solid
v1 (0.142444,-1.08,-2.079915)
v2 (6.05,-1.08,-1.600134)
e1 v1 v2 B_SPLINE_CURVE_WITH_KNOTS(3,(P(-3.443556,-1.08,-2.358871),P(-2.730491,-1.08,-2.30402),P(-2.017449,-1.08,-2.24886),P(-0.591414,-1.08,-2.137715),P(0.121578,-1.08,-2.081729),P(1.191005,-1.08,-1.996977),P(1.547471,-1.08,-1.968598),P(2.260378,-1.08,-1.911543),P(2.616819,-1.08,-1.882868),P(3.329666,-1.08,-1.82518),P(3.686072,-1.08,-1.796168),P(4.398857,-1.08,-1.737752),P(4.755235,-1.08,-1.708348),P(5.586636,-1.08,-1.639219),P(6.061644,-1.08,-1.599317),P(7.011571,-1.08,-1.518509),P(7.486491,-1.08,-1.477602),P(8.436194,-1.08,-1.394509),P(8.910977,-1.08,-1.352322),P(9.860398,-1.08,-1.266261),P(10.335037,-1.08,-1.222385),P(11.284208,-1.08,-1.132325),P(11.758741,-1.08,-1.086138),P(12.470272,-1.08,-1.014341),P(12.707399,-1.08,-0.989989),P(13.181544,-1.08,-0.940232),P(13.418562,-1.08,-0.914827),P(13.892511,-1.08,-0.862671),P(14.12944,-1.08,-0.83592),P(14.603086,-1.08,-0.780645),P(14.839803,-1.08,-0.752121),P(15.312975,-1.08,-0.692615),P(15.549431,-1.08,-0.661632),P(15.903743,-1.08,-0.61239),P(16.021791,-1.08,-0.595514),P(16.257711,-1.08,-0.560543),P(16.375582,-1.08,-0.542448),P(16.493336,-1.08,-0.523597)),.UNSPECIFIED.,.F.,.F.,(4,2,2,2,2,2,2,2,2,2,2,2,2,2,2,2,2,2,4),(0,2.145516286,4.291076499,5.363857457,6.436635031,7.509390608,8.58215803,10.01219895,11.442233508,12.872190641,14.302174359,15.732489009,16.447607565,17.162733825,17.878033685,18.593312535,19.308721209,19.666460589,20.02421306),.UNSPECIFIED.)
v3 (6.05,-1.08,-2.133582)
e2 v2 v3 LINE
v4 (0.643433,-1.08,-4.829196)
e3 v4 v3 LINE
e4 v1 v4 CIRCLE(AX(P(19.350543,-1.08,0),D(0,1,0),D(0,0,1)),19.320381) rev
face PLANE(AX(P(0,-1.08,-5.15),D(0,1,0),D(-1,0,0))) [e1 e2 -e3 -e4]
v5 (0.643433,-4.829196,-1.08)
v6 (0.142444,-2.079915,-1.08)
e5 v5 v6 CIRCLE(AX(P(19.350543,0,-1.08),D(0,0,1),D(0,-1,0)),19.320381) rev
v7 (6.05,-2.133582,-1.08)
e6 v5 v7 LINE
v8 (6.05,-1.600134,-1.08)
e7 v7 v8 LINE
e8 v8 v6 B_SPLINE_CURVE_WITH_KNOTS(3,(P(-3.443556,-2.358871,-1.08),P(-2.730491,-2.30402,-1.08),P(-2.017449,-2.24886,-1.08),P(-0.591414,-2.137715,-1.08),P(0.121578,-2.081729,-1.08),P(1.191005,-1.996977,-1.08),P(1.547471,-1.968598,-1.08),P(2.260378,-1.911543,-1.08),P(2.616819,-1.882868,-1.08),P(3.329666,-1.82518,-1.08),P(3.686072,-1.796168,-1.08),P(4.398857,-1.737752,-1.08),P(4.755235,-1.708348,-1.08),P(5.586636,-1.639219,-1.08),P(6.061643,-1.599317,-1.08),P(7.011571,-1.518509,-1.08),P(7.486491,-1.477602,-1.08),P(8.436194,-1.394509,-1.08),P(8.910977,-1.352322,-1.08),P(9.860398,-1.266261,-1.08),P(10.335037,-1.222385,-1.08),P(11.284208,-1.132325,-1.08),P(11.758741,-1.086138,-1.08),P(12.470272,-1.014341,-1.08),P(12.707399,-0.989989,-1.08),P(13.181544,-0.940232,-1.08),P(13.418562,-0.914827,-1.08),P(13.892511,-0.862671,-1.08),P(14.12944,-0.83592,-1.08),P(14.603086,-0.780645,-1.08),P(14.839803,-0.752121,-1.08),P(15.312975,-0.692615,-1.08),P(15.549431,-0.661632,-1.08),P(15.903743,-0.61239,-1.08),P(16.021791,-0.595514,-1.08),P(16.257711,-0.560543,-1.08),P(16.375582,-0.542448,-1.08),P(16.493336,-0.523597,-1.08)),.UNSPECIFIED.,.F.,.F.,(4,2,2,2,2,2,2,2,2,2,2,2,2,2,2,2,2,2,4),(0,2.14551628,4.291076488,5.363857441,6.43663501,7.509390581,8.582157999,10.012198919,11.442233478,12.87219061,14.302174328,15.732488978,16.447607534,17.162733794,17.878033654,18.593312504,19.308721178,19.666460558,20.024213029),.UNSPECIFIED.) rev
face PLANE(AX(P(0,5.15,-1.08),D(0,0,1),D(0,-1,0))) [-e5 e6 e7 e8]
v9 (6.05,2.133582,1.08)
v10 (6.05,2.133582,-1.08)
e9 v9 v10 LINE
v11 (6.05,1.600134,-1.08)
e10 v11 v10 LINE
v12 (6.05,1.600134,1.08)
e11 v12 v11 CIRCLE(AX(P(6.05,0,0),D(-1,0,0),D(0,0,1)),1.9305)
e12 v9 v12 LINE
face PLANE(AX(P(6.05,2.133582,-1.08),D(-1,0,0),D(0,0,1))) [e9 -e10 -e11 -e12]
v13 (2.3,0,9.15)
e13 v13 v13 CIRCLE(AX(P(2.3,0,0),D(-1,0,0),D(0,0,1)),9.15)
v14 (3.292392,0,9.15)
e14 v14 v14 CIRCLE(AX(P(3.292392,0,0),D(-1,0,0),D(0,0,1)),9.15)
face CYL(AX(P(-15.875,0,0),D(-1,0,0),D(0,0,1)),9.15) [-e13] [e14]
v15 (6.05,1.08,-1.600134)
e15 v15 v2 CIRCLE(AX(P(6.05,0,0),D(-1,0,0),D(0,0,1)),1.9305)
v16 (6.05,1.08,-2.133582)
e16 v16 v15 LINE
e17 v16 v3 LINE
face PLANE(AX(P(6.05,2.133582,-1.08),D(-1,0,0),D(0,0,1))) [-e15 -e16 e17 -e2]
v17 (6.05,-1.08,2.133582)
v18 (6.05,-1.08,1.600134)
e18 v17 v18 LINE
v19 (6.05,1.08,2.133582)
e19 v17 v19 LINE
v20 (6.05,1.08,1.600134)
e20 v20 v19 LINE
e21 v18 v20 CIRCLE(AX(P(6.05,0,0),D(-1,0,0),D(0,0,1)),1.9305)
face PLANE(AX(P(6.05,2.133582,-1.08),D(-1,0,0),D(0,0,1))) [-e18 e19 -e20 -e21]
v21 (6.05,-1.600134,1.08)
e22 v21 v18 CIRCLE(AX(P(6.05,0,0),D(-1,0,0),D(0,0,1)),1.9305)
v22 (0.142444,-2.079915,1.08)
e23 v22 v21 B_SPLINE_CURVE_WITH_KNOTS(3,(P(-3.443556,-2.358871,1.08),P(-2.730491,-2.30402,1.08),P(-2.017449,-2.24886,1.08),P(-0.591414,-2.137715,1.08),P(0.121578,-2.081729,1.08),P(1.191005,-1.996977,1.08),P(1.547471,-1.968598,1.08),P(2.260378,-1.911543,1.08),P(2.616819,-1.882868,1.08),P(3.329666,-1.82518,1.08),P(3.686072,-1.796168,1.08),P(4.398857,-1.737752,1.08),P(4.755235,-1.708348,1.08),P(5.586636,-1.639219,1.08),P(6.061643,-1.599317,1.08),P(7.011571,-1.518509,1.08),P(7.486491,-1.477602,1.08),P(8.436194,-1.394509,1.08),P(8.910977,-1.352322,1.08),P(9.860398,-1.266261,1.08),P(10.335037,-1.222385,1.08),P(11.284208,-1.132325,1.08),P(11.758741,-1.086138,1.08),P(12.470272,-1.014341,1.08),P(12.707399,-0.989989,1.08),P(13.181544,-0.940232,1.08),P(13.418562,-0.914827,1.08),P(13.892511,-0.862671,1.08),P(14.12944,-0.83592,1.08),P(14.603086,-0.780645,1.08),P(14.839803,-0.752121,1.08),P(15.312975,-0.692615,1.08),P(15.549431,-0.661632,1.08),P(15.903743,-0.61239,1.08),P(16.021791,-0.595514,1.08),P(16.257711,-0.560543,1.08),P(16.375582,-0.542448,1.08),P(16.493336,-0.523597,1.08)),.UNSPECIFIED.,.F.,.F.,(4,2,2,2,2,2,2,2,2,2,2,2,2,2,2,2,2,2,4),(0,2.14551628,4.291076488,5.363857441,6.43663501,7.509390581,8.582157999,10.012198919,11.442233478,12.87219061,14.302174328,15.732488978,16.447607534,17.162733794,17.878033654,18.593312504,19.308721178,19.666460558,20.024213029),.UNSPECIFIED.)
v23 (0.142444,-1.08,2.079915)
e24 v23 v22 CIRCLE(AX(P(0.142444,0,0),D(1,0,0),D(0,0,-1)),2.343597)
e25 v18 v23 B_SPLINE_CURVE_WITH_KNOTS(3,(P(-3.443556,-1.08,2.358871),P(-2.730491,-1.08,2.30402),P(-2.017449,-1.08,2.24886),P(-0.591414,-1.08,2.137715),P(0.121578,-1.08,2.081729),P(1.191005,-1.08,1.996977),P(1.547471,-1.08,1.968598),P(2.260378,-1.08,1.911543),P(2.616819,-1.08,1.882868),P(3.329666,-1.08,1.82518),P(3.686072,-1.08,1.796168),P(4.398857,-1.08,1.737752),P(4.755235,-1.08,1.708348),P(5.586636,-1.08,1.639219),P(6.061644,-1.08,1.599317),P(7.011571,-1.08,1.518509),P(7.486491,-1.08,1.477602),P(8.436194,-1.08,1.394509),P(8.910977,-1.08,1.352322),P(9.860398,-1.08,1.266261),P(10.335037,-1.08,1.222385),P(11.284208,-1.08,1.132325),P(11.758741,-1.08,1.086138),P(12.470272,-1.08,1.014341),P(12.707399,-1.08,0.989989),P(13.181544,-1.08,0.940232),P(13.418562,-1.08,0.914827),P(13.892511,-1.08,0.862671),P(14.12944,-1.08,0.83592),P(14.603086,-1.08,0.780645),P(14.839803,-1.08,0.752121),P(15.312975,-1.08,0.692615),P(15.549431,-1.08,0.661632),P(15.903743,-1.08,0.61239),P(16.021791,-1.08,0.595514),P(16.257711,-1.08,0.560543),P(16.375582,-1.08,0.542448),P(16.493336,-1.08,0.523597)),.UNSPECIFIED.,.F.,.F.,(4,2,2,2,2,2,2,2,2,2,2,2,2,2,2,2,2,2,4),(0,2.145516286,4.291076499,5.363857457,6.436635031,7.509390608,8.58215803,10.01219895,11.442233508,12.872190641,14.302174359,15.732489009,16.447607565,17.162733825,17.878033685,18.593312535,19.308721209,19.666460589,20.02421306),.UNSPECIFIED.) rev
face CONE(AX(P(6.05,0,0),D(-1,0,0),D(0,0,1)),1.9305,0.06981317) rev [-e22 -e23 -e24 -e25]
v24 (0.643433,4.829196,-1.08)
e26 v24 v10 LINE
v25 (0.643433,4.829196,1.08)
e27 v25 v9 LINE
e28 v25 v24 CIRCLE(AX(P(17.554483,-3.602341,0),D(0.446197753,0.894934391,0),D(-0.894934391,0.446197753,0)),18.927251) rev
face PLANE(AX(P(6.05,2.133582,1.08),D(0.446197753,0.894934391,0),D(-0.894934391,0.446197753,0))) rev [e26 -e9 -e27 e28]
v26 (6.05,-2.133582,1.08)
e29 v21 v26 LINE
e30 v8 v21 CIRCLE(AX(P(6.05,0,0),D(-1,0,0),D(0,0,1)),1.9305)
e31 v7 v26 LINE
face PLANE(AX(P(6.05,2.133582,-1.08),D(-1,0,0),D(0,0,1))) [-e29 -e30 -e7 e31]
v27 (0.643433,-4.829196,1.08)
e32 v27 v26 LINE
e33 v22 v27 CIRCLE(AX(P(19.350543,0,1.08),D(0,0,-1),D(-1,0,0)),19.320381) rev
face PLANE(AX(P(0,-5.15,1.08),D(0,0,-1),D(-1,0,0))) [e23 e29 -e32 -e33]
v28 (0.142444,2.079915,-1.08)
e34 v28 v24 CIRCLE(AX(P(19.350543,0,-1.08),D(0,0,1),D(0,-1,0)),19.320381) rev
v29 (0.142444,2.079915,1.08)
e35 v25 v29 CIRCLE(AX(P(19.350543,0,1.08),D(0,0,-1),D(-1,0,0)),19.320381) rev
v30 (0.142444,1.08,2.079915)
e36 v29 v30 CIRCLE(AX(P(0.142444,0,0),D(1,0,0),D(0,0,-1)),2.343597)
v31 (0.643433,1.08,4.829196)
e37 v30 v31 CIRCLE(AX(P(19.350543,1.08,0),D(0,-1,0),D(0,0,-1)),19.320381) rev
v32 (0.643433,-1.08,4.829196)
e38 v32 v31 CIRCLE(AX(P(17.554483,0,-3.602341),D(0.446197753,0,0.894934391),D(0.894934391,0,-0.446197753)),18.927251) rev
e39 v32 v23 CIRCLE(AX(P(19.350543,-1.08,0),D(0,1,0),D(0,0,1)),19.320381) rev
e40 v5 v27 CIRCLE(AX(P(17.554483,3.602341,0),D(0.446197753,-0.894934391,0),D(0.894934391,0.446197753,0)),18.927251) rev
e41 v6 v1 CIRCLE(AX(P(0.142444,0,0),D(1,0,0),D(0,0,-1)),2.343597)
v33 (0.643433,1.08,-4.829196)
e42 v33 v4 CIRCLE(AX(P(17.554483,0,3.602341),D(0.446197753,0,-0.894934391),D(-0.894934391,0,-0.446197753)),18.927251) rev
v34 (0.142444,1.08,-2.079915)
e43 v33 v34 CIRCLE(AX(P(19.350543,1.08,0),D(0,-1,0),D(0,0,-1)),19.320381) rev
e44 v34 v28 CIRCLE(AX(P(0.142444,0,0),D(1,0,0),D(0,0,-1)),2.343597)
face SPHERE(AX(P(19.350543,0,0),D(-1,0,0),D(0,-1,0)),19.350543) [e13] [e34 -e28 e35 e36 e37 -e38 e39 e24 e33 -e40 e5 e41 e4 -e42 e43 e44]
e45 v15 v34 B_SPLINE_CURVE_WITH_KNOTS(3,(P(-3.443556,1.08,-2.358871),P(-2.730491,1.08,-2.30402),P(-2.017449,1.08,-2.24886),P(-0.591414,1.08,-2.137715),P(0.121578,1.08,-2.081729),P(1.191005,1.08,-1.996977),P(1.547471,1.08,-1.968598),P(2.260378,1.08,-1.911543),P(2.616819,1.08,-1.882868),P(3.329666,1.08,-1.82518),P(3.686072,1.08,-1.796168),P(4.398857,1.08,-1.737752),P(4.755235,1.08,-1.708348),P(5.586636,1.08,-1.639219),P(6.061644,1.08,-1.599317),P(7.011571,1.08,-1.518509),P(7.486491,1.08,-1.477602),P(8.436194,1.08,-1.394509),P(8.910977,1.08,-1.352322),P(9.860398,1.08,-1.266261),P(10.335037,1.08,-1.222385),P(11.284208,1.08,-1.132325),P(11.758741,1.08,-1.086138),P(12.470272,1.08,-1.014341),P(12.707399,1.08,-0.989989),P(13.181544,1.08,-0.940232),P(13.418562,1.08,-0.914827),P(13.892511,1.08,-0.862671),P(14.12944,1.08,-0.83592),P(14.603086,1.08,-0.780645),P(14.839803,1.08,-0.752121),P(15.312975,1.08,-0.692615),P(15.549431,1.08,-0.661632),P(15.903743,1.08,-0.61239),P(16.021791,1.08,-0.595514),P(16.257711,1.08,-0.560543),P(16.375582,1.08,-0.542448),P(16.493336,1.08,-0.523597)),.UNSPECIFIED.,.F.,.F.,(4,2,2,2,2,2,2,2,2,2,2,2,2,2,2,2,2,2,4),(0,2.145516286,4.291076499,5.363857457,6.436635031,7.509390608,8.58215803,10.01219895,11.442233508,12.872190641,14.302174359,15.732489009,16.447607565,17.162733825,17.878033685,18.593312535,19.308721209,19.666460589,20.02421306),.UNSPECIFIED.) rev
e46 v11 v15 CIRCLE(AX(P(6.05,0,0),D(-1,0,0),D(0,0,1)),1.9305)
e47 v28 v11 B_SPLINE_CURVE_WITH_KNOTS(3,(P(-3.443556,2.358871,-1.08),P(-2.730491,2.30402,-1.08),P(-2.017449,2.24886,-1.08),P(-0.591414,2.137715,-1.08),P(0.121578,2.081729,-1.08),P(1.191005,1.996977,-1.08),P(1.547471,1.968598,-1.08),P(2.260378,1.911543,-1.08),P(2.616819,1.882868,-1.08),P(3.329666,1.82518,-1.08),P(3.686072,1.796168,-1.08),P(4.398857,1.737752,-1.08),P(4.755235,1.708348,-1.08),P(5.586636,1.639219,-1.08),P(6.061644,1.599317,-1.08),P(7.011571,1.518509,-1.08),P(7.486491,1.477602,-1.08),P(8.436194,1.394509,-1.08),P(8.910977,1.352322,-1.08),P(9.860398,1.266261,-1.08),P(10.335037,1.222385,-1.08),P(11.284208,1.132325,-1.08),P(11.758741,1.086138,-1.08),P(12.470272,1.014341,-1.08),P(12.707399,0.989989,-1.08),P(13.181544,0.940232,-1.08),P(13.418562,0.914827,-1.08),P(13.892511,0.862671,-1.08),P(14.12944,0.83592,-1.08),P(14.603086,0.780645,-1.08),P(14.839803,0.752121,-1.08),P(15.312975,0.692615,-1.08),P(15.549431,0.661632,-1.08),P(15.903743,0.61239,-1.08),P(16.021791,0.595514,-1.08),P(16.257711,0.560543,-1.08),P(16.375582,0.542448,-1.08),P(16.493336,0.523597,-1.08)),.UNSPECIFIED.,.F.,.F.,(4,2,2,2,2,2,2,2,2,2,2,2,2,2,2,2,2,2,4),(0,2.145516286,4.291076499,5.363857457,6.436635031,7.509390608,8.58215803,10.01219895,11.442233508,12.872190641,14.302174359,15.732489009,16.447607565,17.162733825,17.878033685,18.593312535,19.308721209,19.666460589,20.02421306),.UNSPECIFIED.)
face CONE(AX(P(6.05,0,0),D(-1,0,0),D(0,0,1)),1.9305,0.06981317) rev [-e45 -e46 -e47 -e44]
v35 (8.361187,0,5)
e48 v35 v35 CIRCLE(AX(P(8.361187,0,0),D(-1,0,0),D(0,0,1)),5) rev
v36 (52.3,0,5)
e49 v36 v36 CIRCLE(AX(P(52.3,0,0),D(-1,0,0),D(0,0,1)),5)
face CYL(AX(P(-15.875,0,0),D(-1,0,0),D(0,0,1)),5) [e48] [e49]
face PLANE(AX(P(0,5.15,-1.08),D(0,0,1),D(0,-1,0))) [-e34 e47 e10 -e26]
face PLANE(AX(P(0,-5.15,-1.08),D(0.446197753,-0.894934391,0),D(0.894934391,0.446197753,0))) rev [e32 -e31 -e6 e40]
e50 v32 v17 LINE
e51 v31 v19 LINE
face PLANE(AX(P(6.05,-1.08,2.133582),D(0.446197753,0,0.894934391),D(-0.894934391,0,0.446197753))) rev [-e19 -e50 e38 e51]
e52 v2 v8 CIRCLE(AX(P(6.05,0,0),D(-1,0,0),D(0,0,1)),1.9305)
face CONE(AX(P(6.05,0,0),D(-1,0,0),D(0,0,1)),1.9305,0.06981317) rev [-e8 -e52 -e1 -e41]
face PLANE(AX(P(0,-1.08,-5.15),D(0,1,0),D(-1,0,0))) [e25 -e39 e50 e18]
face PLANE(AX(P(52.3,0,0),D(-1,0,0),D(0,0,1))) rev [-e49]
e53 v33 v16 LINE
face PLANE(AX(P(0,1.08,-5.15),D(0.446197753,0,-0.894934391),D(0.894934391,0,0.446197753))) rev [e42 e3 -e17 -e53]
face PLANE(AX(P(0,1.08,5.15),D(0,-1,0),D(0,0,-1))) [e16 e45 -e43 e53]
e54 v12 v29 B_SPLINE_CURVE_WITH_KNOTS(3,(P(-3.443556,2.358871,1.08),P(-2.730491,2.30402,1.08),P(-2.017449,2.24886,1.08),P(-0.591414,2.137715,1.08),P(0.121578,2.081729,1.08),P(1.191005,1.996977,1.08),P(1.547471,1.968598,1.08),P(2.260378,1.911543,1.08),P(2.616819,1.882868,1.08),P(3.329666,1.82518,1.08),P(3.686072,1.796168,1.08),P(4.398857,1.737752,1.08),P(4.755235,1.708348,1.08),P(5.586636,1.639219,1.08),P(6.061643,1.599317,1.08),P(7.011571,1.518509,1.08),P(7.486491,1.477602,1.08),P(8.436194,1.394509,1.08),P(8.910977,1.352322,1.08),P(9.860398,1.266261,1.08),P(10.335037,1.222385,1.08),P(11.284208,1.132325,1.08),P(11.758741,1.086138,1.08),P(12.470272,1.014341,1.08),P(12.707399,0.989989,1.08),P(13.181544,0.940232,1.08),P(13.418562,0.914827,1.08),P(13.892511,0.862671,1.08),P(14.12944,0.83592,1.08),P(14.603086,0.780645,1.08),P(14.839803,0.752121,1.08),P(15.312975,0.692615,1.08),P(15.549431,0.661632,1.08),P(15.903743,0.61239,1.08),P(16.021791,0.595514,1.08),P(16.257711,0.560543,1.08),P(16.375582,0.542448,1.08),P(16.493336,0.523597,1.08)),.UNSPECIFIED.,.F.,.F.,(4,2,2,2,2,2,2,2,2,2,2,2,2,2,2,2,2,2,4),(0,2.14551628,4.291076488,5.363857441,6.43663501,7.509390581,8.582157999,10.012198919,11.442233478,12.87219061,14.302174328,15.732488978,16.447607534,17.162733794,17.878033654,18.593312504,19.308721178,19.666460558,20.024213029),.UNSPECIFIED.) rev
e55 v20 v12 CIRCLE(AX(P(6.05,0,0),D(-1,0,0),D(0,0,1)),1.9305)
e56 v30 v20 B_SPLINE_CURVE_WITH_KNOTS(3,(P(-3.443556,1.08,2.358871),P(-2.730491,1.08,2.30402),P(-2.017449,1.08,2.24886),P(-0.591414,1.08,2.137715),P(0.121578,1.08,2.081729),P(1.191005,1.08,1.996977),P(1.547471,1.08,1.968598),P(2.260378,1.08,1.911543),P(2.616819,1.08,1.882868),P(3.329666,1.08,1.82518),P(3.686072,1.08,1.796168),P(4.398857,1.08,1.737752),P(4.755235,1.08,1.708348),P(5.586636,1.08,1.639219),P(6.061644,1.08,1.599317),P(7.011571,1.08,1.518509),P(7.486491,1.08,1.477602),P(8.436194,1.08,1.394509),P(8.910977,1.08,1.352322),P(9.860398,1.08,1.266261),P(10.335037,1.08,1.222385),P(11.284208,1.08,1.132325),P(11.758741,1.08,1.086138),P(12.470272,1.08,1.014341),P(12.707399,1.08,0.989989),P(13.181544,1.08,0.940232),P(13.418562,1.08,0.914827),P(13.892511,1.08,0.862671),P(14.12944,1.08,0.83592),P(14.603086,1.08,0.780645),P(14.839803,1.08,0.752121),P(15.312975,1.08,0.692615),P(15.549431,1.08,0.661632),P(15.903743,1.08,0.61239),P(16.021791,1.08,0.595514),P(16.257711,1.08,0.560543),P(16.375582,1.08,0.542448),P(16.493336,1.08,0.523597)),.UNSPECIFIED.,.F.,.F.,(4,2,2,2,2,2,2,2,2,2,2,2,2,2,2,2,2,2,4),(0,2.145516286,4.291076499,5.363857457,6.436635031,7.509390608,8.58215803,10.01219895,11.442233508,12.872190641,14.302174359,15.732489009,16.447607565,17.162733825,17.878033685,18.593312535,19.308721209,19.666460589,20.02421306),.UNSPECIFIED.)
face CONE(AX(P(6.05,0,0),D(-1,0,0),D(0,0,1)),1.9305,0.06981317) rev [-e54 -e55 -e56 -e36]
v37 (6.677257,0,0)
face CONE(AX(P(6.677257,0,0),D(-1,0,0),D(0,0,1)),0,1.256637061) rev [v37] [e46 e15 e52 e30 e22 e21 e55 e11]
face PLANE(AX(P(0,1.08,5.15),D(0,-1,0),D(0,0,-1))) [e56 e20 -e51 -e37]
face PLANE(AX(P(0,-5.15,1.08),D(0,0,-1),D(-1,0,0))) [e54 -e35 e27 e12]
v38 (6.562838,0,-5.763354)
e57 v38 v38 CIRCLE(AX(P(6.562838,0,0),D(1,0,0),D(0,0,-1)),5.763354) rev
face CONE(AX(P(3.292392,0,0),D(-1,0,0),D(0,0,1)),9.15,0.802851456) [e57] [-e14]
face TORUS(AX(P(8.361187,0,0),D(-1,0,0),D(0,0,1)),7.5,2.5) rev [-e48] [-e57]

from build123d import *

# Parameters (mm, degrees)
FILLET1_R    = 2.5
RECPAT_COUNT = 2
RECPAT_ANGLE = 90


with BuildPart() as part:
    # BodySke → Base-Revolve (revolve)
    with BuildSketch(Plane.XY, mode=Mode.PRIVATE) as base_revolve_sk:
        with BuildLine():
            Line((0, 0), (52.3, 0))
            Line((52.3, 0), (52.3, 5))
            Line((52.3, 5), (7.3, 5))
            Line((7.3, 5), (3.292391585, 9.15))
            Line((3.292391585, 9.15), (2.3, 9.15))
            ThreePointArc((2.3, 9.15), (0.583806737, 4.717321804), (0, 0))
        make_face()
    revolve(base_revolve_sk.sketch.rotate(Axis((-15.875, 0, 0), (1, 0, 0)), 90), axis=Axis((-15.875, 0, 0), (1, 0, 0)))

    # Fillet1
    fillet1_edges = [part.edges().sort_by_distance(p)[0] for p in [
        (7.3, 0, -5),
    ]]
    fillet(fillet1_edges, radius=FILLET1_R)

    # Sketch3 → Recess section 0
    with BuildSketch(Plane(origin=(0, 0, 0), x_dir=(0, 0, -1), z_dir=(1, 0, 0))):
        with BuildLine():
            Line((1.08, -5.15), (-1.08, -5.15))
            Line((-1.08, -5.15), (-1.08, 5.15))
            Line((-1.08, 5.15), (1.08, 5.15))
            Line((1.08, 5.15), (1.08, -5.15))
        make_face()
    # Sketch4 → Recess section 1
    with BuildSketch(Plane(origin=(6.05, 0, 0), x_dir=(0, 0, -1), z_dir=(1, 0, 0))):
        with BuildLine():
            Line((1.08, -2.133581776), (-1.08, -2.133581776))
            Line((-1.08, -2.133581776), (-1.08, 2.133581776))
            Line((-1.08, 2.133581776), (1.08, 2.133581776))
            Line((1.08, 2.133581776), (1.08, -2.133581776))
        make_face()
    recess = loft(mode=Mode.SUBTRACT)

    # RecPat: Recess ×2 about axis
    recpat_axis = Axis((0, 0, 0), (1, 0, 0))
    for i in range(1, RECPAT_COUNT):
        add(recess.rotate(recpat_axis, i * RECPAT_ANGLE / (RECPAT_COUNT - 1)), mode=Mode.SUBTRACT)

    # RecCorSke → RecessCore (revolve, cut)
    with BuildSketch(Plane.XY, mode=Mode.PRIVATE) as recesscore_sk:
        Polygon((0, 0), (0, 2.353557212), (6.05, 1.9305), (6.677257474, 0), align=None)
    revolve(recesscore_sk.sketch.rotate(Axis((-3.175, 0, 0), (1, 0, 0)), 90), axis=Axis((-3.175, 0, 0), (1, 0, 0)), mode=Mode.SUBTRACT)


solid = part.part
